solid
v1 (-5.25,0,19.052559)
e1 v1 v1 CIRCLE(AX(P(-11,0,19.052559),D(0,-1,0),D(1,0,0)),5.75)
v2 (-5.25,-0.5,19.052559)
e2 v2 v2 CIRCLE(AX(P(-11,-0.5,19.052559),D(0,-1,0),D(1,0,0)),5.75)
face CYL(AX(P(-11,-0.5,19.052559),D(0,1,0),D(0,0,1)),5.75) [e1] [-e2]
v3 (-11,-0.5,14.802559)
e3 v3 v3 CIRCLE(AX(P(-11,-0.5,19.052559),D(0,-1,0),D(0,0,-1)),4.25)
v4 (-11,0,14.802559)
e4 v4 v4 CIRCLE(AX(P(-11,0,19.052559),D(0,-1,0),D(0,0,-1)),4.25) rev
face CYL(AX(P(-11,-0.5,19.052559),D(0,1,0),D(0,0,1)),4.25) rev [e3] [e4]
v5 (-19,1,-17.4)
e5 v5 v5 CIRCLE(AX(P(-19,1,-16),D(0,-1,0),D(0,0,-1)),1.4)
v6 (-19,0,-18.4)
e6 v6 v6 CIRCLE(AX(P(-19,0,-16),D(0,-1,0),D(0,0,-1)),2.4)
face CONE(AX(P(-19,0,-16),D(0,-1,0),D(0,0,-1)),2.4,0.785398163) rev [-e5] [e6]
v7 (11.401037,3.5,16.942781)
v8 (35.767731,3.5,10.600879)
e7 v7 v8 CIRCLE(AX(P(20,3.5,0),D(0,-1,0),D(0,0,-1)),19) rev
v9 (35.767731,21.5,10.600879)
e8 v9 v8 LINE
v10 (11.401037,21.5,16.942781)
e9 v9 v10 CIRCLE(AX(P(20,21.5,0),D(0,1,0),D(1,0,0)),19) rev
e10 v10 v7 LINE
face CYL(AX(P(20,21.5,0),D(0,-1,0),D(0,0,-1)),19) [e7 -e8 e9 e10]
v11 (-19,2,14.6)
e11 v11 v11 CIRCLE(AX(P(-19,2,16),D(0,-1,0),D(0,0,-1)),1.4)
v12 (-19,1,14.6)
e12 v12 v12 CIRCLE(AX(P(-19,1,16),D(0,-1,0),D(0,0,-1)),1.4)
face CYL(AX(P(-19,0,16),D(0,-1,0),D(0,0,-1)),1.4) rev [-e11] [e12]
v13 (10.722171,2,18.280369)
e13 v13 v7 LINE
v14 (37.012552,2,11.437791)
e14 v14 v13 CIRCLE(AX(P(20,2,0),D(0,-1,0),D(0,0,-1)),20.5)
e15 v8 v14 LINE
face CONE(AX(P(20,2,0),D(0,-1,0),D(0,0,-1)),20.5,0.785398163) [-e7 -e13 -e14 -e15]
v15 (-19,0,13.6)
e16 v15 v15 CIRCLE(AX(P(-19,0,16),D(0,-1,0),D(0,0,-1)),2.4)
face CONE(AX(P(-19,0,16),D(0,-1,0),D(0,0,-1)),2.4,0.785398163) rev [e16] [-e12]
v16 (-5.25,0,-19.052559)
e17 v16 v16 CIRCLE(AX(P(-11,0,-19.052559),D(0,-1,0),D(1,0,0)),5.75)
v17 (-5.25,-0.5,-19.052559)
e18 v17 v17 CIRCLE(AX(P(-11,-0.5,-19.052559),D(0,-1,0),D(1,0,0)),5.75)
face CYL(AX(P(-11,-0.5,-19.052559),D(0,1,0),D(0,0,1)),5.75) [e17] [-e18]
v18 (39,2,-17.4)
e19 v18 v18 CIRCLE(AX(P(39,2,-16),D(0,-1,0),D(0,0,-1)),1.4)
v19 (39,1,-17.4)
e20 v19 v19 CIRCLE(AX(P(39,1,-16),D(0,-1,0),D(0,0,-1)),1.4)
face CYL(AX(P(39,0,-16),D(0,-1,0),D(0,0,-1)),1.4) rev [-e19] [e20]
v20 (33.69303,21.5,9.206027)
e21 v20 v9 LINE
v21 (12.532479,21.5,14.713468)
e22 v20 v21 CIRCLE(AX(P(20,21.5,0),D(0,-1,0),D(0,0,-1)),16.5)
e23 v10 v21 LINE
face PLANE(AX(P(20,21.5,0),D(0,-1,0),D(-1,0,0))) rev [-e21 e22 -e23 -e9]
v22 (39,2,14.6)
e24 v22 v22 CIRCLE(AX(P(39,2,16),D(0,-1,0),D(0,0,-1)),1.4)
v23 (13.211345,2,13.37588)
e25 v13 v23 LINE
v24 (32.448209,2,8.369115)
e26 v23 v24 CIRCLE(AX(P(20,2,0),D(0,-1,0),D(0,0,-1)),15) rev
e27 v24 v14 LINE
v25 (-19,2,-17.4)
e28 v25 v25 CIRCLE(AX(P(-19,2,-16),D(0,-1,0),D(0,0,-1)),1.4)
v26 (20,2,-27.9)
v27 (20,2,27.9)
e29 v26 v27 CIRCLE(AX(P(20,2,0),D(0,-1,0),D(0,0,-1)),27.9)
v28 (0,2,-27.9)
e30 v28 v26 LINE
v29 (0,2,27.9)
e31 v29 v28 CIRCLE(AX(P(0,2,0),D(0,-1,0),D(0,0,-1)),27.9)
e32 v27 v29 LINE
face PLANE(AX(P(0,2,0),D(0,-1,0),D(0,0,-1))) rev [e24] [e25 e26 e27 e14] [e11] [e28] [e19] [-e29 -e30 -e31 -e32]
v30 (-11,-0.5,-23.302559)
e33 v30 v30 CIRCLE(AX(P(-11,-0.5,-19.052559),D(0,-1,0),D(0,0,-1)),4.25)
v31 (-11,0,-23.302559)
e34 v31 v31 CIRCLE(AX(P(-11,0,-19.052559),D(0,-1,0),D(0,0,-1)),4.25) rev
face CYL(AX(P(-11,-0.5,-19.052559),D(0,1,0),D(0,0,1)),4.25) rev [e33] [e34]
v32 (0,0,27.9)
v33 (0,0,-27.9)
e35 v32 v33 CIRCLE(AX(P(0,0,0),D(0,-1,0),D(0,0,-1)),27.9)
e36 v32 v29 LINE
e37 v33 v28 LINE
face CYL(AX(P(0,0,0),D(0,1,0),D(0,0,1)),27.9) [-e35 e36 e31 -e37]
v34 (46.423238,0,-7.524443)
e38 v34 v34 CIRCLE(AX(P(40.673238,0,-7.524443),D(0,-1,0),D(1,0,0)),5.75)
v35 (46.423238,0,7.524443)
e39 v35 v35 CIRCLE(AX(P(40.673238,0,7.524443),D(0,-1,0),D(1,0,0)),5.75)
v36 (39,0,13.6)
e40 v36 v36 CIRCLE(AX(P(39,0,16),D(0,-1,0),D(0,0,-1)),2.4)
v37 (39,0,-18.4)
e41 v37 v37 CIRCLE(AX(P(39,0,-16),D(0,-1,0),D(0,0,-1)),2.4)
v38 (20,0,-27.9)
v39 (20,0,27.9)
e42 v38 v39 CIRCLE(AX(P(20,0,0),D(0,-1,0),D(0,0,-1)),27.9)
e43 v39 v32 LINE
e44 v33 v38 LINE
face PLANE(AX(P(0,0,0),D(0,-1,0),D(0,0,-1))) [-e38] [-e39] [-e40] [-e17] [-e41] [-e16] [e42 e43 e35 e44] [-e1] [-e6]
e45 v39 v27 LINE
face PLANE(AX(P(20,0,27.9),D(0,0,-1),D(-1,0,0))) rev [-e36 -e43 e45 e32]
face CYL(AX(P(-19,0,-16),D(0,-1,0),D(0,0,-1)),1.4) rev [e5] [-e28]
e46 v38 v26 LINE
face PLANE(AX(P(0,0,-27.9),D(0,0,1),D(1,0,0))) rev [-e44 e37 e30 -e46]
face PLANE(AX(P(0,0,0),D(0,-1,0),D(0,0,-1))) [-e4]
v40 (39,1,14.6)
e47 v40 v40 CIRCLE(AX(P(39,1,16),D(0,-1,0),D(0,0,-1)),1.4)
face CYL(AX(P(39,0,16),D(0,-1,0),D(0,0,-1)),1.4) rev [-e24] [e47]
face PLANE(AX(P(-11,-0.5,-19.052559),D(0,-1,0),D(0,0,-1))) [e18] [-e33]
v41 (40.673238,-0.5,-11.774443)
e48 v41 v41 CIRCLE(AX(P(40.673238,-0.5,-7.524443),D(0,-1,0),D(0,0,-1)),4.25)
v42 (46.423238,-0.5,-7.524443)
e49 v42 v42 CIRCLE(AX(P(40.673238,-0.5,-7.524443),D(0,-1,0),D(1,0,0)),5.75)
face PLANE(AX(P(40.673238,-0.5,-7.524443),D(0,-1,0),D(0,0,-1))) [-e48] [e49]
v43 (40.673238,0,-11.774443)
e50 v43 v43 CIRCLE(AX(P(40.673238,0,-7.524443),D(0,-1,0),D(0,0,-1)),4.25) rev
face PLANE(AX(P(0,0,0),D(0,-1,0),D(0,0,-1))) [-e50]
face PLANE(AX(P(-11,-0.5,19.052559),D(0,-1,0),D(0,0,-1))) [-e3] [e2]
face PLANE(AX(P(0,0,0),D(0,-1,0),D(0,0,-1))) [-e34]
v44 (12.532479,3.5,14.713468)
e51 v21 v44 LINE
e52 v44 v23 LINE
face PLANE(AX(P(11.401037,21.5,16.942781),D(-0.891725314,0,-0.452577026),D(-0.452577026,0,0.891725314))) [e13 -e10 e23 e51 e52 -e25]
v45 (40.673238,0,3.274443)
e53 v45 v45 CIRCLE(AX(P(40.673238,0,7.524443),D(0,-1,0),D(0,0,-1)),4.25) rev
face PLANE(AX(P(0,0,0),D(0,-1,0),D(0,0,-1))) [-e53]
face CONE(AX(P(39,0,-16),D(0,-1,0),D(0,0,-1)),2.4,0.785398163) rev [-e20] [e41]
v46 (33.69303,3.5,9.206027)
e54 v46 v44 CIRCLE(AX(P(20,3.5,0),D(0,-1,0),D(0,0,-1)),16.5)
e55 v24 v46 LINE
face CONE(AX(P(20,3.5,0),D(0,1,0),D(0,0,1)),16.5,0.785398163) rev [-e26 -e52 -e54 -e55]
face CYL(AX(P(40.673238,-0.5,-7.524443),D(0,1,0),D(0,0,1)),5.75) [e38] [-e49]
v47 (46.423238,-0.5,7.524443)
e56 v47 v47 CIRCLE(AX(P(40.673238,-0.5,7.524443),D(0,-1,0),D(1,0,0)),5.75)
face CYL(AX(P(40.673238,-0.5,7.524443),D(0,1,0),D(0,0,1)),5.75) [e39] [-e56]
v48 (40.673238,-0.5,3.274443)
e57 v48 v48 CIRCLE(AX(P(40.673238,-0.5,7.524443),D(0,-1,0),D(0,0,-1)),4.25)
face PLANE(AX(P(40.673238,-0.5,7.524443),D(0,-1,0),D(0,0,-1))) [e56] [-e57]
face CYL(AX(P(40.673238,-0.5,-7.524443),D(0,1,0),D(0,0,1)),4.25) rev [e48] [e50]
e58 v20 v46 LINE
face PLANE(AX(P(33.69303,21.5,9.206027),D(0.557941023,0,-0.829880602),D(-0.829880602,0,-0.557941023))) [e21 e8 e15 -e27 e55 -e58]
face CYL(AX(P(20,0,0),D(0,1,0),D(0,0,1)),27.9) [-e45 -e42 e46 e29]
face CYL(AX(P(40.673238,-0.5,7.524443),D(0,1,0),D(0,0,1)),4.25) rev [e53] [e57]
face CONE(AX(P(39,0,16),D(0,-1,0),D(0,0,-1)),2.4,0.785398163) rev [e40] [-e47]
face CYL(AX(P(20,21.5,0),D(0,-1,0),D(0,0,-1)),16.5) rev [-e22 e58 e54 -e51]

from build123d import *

# Parameters (mm, degrees)
BOSS_EXTRUDE1_DEPTH                                  = 2
EXTRUDE_THIN2_DEPTH                                  = 19.5
CHAMFER1_SIZE                                        = 1.5
CSK_FOR_ST2_2_CROSS_RECESSED_CTSK_HEAD_T_D           = 2.8
CSK_FOR_ST2_2_CROSS_RECESSED_CTSK_HEAD_T_DEPTH       = 7.5
CSK_FOR_ST2_2_CROSS_RECESSED_CTSK_HEAD_T_CSINK_D     = 4.8
CSK_FOR_ST2_2_CROSS_RECESSED_CTSK_HEAD_T_CSINK_ANGLE = 90
CSK_FOR_ST2_2_CROSS_RECESSED_CTSK_HEAD_T_TIP         = 0.841204867
SKETCH4_R                                            = 5.75
SKETCH4_R_2                                          = 4.25
EXTRUDE_THIN1_DEPTH                                  = 0.5


with BuildPart() as part:
    # Sketch1 → Boss-Extrude1 (new body)
    with BuildSketch(Plane.XZ.offset(-2)):
        with BuildLine():
            Line((0, -27.9), (20, -27.9))
            ThreePointArc((20, -27.9), (47.9, 0), (20, 27.9))
            Line((20, 27.9), (0, 27.9))
            ThreePointArc((0, 27.9), (-27.9, 0), (0, -27.9))
        make_face()
    extrude(amount=BOSS_EXTRUDE1_DEPTH)

    # Sketch8 → Extrude-Thin2 (add)
    with BuildSketch(Plane(origin=(0, 2, 0), x_dir=(1, 0, 0), z_dir=(0, 1, 0))):
        with BuildLine():
            ThreePointArc((33.69302994, -9.206026887), (24.155985639, -15.968023778), (12.53247907, -14.71346768))
            Line((12.53247907, -14.71346768), (11.401036505, -16.942780965))
            ThreePointArc((11.401036505, -16.942780965), (24.785680433, -18.38742132), (35.767731446, -10.600879446))
            Line((35.767731446, -10.600879446), (33.69302994, -9.206026887))
        make_face()
    extrude(amount=EXTRUDE_THIN2_DEPTH)

    # Chamfer1
    chamfer1_edges = [part.edges().sort_by_distance(p)[0] for p in [
        (24.155985639, 2, 15.968023778),
        (24.785680433, 2, 18.38742132),
    ]]
    chamfer(chamfer1_edges, length=CHAMFER1_SIZE)

    # CSK for ST2.2 Cross recessed CTSK head tapping screws1
    with Locations(Plane(origin=(0, 0, 0), x_dir=(-1, 0, 0), z_dir=(0, -1, 0))):
        with Locations((-39, 16), (-39, -16), (19, -16), (19, 16)):
            CounterSinkHole(CSK_FOR_ST2_2_CROSS_RECESSED_CTSK_HEAD_T_D / 2, CSK_FOR_ST2_2_CROSS_RECESSED_CTSK_HEAD_T_CSINK_D / 2, depth=CSK_FOR_ST2_2_CROSS_RECESSED_CTSK_HEAD_T_DEPTH, counter_sink_angle=CSK_FOR_ST2_2_CROSS_RECESSED_CTSK_HEAD_T_CSINK_ANGLE)
            with Locations((0, 0, -(CSK_FOR_ST2_2_CROSS_RECESSED_CTSK_HEAD_T_DEPTH + CSK_FOR_ST2_2_CROSS_RECESSED_CTSK_HEAD_T_TIP / 2))):  # 118° drill point
                Cone(0, CSK_FOR_ST2_2_CROSS_RECESSED_CTSK_HEAD_T_D / 2, CSK_FOR_ST2_2_CROSS_RECESSED_CTSK_HEAD_T_TIP, mode=Mode.SUBTRACT)

    # Sketch4 → Extrude-Thin1 (add)
    with BuildSketch(Plane.XZ):
        with Locations((-11, 19.052558883)):
            Circle(SKETCH4_R)
        with Locations((-11, 19.052558883)):
            Circle(SKETCH4_R_2, mode=Mode.SUBTRACT)
        with Locations((-11, -19.052558883)):
            Circle(SKETCH4_R)
        with Locations((-11, -19.052558883)):
            Circle(SKETCH4_R_2, mode=Mode.SUBTRACT)
        with Locations((40.673237657, 7.524443153)):
            Circle(SKETCH4_R)
        with Locations((40.673237657, 7.524443153)):
            Circle(SKETCH4_R_2, mode=Mode.SUBTRACT)
        with Locations((40.673237657, -7.524443153)):
            Circle(SKETCH4_R)
        with Locations((40.673237657, -7.524443153)):
            Circle(SKETCH4_R_2, mode=Mode.SUBTRACT)
    extrude(amount=EXTRUDE_THIN1_DEPTH)


solid = part.part
